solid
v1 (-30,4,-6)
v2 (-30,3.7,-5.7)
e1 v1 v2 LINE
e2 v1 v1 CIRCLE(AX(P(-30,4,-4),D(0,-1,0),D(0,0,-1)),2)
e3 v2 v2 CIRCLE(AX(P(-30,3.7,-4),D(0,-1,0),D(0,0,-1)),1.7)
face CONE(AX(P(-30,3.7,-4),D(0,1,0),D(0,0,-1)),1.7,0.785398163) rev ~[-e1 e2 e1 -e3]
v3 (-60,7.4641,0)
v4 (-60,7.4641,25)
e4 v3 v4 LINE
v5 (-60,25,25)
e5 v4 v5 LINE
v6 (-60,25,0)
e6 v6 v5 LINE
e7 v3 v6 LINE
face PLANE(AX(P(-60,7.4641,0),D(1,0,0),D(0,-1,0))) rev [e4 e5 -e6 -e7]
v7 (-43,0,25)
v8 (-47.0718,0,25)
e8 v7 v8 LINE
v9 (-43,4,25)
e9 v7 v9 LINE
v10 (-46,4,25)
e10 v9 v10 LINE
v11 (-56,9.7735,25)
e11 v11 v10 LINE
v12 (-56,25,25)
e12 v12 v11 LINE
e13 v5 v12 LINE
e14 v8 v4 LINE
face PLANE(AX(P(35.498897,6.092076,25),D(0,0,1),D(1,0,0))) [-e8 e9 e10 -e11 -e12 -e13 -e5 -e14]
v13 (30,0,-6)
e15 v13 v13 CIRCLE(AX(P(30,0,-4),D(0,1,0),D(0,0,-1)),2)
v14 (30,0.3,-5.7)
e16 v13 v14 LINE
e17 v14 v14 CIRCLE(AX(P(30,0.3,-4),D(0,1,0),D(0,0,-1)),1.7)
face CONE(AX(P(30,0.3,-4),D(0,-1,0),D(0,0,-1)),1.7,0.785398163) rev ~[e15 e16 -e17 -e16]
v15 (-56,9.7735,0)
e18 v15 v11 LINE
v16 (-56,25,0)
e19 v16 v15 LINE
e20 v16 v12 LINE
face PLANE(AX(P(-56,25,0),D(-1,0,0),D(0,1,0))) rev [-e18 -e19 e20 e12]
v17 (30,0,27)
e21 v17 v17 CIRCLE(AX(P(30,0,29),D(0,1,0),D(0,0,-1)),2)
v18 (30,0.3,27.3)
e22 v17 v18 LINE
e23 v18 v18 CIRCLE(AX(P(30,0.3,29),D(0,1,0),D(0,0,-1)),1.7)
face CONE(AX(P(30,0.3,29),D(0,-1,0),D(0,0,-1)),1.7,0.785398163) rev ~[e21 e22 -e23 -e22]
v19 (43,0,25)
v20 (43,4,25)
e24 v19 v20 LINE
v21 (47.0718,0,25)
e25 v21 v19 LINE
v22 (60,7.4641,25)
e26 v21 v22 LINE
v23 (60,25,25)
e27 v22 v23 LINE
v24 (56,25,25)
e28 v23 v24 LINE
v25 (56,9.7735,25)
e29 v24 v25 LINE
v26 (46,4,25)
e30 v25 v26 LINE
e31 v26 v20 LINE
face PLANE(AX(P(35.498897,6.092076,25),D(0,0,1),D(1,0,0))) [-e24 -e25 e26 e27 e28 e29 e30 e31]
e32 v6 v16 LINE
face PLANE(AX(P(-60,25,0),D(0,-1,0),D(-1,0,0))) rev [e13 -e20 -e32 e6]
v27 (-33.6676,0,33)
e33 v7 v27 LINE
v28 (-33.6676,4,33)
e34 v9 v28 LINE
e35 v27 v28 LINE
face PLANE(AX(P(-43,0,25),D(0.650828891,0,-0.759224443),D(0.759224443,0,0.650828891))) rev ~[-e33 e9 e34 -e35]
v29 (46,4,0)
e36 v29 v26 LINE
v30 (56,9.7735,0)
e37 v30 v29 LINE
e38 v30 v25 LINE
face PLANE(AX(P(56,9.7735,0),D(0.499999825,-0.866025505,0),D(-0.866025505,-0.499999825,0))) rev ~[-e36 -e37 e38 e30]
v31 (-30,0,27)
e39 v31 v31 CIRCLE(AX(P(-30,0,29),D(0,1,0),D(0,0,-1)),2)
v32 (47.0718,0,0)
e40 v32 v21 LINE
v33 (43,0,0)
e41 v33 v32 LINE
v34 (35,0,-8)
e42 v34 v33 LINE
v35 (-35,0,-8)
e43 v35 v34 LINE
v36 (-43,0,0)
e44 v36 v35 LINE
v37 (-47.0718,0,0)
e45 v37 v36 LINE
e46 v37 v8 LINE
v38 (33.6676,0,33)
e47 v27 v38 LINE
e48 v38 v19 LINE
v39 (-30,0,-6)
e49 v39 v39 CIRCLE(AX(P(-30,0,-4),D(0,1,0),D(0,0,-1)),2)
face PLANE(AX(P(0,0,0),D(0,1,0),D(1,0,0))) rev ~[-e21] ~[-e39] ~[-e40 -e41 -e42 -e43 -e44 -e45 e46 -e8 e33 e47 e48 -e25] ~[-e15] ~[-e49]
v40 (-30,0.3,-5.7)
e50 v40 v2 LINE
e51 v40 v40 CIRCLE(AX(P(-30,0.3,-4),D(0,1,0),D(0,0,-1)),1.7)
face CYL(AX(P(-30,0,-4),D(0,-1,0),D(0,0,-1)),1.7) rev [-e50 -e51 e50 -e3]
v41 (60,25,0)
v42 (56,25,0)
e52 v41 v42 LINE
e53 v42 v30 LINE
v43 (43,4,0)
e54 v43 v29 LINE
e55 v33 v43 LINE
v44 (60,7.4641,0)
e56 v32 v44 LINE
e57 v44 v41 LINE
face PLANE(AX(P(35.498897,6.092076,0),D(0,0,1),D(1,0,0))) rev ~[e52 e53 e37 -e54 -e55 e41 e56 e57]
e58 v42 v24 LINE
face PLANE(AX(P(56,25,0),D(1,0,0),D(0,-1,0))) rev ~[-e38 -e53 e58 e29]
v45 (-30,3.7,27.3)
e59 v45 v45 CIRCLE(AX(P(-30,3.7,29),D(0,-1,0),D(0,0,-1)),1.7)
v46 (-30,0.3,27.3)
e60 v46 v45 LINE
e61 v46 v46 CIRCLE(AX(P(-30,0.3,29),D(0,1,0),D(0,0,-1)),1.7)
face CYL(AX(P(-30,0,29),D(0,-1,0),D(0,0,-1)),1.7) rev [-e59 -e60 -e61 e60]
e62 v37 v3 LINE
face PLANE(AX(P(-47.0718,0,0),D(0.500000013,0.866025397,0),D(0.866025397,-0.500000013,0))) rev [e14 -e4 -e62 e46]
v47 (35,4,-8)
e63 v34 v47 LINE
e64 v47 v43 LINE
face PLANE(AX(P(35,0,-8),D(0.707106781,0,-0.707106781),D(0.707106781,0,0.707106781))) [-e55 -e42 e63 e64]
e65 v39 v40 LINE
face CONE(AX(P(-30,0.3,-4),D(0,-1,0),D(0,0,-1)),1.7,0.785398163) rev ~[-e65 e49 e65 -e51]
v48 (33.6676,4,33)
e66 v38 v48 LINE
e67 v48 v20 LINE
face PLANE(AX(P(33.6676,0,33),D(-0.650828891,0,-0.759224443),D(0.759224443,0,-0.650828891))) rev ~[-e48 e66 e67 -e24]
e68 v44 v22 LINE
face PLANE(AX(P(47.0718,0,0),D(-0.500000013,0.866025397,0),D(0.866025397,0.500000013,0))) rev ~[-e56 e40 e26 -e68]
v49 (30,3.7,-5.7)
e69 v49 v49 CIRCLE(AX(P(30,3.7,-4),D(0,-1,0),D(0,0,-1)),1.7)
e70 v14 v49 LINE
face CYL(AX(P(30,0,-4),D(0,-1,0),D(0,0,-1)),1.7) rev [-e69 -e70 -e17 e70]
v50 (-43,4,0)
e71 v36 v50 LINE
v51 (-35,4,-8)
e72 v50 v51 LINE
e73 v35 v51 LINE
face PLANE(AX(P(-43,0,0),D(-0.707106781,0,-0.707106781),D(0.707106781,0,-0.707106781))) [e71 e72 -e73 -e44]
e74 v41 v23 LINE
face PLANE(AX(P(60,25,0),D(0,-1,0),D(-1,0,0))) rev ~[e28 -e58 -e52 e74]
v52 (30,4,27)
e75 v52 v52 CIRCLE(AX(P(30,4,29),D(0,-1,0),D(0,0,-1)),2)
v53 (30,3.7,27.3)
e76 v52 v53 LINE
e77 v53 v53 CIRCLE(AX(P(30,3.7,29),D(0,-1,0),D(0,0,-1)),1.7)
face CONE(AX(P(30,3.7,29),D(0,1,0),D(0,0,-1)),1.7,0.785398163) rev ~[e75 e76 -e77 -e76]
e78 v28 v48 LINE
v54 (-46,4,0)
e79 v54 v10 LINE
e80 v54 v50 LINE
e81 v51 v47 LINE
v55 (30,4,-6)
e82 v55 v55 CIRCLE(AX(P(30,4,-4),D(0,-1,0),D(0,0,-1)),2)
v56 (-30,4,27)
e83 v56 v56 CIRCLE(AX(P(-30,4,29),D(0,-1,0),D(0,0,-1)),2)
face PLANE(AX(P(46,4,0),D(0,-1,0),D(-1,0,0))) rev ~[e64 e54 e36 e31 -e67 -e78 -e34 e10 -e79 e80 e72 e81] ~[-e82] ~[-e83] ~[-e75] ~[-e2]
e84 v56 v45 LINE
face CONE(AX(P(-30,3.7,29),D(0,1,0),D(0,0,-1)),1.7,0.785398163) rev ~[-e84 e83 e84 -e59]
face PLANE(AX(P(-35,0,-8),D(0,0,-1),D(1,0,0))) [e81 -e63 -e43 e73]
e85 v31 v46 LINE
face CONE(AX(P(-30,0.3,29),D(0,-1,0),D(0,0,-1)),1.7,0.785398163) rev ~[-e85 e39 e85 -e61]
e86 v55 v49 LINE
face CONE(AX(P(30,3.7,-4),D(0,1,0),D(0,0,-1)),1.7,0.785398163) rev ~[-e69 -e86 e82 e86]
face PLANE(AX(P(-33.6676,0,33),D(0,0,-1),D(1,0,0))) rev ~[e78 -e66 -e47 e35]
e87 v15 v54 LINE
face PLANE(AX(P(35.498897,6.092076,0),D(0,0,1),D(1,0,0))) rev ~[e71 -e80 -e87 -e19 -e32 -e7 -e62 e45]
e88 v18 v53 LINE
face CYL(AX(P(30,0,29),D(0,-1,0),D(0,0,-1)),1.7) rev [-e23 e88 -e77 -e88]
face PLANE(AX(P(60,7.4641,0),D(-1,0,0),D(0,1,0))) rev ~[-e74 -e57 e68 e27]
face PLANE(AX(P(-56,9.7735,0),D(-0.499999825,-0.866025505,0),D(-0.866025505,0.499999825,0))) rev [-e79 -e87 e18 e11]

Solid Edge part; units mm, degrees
sketch "Sketch1" plane through (0, 0, 0) normal (0, 0, 1) x (1, 0, 0)
  line L0 (0, 0) -> (47.0718, 0)
  line L1 (47.0718, 0) -> (60, 7.4641)
  line L2 (60, 7.4641) -> (60, 25)
  line L3 (60, 25) -> (56, 25)
  line L4 (56, 25) -> (56, 9.7735)
  line L5 (56, 9.7735) -> (46, 4)
  line L6 (46, 4) -> (0, 4)
  line L7 (0, 0) -> (0, 4)
  dimension "D1" = 60
  dimension "D2" = 4
  dimension "D3" = 4
  dimension "D4" = 10
  dimension "D5" = 25
extrude "Protrusion1" add sketch "Sketch1" along normal blind 25
mirror "Mirror1" about plane through (0, 0, 0) normal (1, 0, 0) of "Protrusion1"
sketch "Sketch2" plane through (0, 0, 15) normal (0, -1, 0) x (1, 0, 0)
  line L0 (-43, -15) -> (-35, -23)
  line L1 (-35, -23) -> (35, -23)
  line L2 (35, -23) -> (43, -15)
  line L3 (43, -15) -> (-43, -15)
  dimension "D1" = 8
  dimension "D2" = 86
  dimension "D3" = 70
extrude "Protrusion2" add sketch "Sketch2" against normal up to vertex (4 mm away)
hole "Hole1" at (-30, 0, -4) direction (0, 1, 0) diameter 3.4 end up to next start chamfer 0.3 start chamfer angle 45 end chamfer 0.3 end chamfer angle 45
hole "Hole2" at (30, 0, -4) direction (0, 1, 0) diameter 3.4 end up to next start chamfer 0.3 start chamfer angle 45 end chamfer 0.3 end chamfer angle 45
sketch "Sketch3" plane through (0, 0, 8.5) normal (0, -1, 0) x (1, 0, 0)
  line L0 (-43, 16.5) -> (43, 16.5)
  line L1 (33.6676, 24.5) -> (43, 16.5)
  line L2 (-33.6676, 24.5) -> (33.6676, 24.5)
  line L3 (-43, 16.5) -> (-33.6676, 24.5)
  dimension "D1" = 8
extrude "Protrusion3" add sketch "Sketch3" against normal up to vertex (4 mm away)
hole "Hole3" at (-30, 0, 29) direction (0, 1, 0) diameter 3.4 end up to next start chamfer 0.3 start chamfer angle 45 end chamfer 0.3 end chamfer angle 45
hole "Hole4" at (30, 0, 29) direction (0, 1, 0) diameter 3.4 end up to next start chamfer 0.3 start chamfer angle 45 end chamfer 0.3 end chamfer angle 45
properties material "Polyethylene, low density"
